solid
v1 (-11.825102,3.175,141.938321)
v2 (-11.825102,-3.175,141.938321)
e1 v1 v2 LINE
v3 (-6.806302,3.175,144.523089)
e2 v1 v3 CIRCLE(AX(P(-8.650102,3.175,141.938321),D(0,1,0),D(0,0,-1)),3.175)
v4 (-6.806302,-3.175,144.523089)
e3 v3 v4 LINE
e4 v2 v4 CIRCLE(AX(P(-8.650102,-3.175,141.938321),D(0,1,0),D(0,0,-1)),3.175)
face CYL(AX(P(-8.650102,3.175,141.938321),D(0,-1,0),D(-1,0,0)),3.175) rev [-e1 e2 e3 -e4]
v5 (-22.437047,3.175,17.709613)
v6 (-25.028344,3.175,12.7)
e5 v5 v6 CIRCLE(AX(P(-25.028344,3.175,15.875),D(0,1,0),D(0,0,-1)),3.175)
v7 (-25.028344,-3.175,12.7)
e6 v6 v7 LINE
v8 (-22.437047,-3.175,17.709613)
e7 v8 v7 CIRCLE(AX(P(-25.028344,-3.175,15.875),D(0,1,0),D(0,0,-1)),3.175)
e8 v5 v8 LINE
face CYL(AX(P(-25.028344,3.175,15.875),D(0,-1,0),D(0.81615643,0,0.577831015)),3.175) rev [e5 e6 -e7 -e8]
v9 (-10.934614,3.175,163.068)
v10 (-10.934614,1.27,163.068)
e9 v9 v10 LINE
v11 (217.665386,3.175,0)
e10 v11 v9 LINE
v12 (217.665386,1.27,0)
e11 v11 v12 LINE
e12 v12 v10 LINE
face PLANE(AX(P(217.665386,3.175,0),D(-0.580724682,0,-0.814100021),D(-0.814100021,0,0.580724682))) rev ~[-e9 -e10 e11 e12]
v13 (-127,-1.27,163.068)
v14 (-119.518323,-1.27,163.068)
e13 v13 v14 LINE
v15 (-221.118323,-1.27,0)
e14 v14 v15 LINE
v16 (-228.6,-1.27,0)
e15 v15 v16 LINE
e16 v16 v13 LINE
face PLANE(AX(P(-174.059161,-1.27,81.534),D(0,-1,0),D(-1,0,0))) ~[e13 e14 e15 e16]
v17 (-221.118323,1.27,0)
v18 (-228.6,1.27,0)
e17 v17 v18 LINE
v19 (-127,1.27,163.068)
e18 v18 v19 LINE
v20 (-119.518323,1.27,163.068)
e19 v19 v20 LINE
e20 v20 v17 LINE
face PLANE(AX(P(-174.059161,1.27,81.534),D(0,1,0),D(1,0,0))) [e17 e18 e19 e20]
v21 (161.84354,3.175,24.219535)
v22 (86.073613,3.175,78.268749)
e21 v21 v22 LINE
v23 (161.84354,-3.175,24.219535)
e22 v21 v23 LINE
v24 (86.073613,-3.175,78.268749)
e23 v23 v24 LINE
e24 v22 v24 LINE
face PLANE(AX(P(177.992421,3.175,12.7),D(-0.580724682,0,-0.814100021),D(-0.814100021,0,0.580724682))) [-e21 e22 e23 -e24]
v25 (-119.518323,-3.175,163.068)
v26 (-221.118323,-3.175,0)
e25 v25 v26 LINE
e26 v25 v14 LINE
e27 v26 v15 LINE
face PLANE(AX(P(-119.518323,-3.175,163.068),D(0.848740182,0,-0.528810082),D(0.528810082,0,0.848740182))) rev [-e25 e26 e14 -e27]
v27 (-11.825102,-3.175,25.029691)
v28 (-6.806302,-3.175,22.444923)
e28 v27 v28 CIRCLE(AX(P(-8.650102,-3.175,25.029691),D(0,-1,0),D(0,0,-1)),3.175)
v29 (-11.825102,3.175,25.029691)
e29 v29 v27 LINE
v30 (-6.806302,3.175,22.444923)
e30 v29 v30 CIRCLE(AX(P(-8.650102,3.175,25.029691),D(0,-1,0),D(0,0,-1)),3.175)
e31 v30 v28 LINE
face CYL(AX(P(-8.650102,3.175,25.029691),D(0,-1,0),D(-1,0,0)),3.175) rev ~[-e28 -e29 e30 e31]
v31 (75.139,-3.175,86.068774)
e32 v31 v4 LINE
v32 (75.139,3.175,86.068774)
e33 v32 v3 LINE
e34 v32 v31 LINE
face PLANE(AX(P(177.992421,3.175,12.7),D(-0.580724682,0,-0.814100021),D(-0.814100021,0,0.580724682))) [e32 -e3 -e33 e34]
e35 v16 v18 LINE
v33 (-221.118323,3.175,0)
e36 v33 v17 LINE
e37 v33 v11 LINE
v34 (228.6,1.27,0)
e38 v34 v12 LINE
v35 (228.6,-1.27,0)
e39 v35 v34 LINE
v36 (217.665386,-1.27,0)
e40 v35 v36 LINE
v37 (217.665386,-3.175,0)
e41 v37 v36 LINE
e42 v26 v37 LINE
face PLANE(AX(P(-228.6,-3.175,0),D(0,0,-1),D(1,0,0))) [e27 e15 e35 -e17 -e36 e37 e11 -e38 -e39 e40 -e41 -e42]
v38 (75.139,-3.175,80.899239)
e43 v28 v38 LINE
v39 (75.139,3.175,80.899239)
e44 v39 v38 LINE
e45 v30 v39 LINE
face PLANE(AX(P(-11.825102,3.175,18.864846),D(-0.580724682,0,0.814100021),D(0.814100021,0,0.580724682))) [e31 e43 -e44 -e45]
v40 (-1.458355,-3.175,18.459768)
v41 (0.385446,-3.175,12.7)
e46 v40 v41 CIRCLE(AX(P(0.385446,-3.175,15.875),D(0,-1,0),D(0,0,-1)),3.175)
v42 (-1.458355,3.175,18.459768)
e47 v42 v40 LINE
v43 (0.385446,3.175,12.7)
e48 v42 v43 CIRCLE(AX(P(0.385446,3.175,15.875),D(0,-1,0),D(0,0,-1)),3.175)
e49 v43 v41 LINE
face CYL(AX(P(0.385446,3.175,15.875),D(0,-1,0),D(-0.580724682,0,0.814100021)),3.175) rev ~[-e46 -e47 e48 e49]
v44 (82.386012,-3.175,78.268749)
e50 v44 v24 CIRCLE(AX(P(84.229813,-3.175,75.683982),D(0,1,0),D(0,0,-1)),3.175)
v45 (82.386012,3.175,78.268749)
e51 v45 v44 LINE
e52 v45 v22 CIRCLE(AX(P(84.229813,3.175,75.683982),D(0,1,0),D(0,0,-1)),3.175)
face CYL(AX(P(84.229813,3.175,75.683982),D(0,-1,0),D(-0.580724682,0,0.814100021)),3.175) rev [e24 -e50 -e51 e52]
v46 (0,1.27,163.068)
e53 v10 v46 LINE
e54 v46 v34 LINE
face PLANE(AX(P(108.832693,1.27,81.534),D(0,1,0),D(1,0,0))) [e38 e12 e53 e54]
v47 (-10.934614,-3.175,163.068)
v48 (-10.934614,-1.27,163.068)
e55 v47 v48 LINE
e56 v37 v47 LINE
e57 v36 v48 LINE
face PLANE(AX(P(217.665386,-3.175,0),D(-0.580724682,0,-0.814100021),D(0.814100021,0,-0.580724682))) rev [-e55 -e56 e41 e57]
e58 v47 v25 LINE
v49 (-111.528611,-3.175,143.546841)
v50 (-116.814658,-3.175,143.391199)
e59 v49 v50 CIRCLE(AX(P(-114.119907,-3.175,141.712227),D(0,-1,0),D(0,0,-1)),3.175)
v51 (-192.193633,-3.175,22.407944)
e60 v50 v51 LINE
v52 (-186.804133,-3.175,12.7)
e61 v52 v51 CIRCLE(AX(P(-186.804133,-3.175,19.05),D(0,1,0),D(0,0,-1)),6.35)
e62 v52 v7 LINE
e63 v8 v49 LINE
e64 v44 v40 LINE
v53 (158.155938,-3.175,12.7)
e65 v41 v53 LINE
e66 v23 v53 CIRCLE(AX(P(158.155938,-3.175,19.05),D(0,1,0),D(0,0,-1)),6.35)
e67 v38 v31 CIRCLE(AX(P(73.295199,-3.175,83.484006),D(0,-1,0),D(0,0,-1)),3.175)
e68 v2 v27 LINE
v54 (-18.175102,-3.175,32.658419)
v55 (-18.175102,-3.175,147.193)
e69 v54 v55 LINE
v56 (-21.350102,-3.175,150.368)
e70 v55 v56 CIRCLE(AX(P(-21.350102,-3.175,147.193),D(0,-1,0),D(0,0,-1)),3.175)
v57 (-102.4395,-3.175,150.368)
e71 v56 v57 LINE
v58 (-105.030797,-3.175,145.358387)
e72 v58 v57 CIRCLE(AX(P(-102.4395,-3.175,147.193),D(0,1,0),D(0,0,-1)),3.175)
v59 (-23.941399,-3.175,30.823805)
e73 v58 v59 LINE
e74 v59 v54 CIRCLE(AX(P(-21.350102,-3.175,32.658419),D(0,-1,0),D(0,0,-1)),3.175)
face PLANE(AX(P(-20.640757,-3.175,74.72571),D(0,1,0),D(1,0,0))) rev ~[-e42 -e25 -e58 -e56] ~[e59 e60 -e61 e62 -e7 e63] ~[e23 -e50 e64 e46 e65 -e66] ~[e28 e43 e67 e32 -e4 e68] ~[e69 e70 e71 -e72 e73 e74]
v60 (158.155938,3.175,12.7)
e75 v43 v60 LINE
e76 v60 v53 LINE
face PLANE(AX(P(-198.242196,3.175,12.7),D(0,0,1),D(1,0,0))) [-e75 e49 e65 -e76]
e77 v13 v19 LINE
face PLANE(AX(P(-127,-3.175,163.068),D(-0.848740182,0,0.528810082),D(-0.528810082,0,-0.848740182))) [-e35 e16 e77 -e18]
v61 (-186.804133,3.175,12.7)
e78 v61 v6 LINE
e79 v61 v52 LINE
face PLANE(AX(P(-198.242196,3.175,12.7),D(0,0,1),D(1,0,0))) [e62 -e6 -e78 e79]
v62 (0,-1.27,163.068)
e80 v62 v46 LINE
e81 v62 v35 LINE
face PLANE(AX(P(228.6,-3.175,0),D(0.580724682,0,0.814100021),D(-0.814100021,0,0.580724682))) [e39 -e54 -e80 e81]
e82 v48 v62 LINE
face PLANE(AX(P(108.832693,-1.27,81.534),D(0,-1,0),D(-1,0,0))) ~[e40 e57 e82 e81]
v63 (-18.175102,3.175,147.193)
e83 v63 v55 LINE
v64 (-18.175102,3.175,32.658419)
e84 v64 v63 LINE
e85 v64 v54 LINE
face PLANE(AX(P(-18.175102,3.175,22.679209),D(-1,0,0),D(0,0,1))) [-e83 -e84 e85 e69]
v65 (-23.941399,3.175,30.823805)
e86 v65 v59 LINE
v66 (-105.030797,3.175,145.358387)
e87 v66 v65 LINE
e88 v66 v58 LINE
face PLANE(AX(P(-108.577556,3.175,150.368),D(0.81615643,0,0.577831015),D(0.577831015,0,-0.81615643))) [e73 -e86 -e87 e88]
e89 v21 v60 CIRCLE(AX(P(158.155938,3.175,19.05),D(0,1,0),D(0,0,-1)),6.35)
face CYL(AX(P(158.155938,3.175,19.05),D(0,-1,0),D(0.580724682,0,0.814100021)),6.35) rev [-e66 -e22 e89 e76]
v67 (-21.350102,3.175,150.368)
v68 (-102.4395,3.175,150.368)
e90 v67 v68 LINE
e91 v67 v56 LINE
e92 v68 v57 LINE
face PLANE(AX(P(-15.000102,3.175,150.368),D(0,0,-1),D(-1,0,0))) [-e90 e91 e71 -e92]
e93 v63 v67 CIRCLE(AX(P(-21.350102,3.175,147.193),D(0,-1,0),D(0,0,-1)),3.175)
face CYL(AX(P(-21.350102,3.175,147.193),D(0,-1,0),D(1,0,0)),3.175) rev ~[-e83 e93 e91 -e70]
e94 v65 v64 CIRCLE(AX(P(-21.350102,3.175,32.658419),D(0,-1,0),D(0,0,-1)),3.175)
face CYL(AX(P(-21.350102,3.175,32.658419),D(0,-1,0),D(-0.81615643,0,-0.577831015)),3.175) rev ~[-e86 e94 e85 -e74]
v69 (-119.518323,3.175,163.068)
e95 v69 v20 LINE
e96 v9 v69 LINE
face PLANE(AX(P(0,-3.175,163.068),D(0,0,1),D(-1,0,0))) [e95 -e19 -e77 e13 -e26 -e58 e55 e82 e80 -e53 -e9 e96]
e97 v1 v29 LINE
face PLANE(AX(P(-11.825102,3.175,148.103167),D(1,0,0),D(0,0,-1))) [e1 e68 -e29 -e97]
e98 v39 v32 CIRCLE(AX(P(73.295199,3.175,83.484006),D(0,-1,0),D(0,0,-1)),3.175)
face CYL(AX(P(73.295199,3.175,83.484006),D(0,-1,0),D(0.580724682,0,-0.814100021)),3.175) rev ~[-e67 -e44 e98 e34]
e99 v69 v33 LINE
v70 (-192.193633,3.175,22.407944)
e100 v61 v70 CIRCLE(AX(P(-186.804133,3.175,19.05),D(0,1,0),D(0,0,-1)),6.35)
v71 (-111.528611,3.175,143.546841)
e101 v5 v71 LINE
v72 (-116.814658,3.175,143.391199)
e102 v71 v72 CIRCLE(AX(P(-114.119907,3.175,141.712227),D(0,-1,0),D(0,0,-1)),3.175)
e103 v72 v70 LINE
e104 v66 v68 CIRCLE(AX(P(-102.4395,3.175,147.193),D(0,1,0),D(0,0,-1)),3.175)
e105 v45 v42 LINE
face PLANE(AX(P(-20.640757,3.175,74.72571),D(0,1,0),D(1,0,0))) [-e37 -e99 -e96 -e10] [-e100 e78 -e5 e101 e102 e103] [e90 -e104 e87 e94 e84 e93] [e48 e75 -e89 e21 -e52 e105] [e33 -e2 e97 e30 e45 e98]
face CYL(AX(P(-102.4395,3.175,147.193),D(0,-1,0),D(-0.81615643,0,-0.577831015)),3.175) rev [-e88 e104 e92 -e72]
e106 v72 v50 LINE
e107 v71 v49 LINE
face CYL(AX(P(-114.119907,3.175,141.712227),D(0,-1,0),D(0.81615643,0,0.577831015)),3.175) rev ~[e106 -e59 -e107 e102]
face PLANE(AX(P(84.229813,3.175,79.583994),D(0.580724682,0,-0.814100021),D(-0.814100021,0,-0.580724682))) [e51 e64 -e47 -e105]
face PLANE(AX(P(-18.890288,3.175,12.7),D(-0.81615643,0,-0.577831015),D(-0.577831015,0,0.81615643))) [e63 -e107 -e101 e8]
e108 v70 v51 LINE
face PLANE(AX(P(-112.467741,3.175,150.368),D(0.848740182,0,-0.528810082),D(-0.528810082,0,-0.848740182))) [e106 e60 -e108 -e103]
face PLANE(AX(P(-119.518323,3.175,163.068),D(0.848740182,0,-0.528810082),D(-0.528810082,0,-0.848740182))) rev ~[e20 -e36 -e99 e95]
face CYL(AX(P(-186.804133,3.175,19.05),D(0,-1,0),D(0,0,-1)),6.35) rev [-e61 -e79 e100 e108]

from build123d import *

# Parameters (mm, degrees)
BOSS_EXTRUDE1_DEPTH      = 3.175
BOSS_EXTRUDE1_DEPTH_BACK = 3.175
CUT_EXTRUDE1_DEPTH       = 1.905
CUT_EXTRUDE2_DEPTH       = 6.35
BOSS_EXTRUDE2_DEPTH      = 6.35
FILLET1_R                = 3.175
FILLET2_R                = 6.35


with BuildPart() as part:
    # CS path → Boss-Extrude1 (new, two sides: drawn at the far end of the back side and taken through both)
    with BuildSketch(Plane(origin=(0, 0, 0), x_dir=(1, 0, 0), z_dir=(0, 1, 0)).offset(-BOSS_EXTRUDE1_DEPTH_BACK)):
        Polygon((-228.6, 0), (228.6, 0), (0, -163.068), (-127, -163.068), align=None)
    extrude(amount=BOSS_EXTRUDE1_DEPTH + BOSS_EXTRUDE1_DEPTH_BACK)

    # Sketch1 → Cut-Extrude1 (cut)
    with BuildSketch(Plane(origin=(0, 3.175, 0), x_dir=(1, 0, 0), z_dir=(0, 1, 0))):
        Polygon((-228.6, 0), (-127, -163.068), (-119.518322882, -163.068), (-221.118322882, 0), align=None)
        Polygon((0, -163.068), (228.6, 0), (217.665386403, 0), (-10.934613597, -163.068), align=None)
    cut_extrude1 = extrude(amount=-CUT_EXTRUDE1_DEPTH, mode=Mode.SUBTRACT)

    # Mirror1: Cut-Extrude1 across plane
    add(cut_extrude1.mirror(Plane.ZX), mode=Mode.SUBTRACT)

    # Sketch2 → Cut-Extrude2 (cut)
    with BuildSketch(Plane(origin=(0, 3.175, 0), x_dir=(1, 0, 0), z_dir=(0, 1, 0))):
        Polygon((-198.24219606, -12.7), (177.99242089, -12.7), (-15.000102474, -150.368), (-112.467741232, -150.368), align=None)
    extrude(amount=-CUT_EXTRUDE2_DEPTH, mode=Mode.SUBTRACT)

    # Sketch3 → Boss-Extrude2 (add)
    with BuildSketch(Plane(origin=(0, 3.175, 0), x_dir=(1, 0, 0), z_dir=(0, 1, 0))):
        Polygon((-18.890288084, -12.7), (-114.288712294, -147.445341445), (-112.467741232, -150.368), (-108.577555622, -150.368), (-18.175102474, -22.679209355), (-18.175102474, -150.368), (-15.000102474, -150.368), (-11.825102474, -148.103166667), (-11.825102474, -18.864845516), (78.762505809, -83.484006092), (84.229812607, -79.583993908), (-9.532795675, -12.7), align=None)
    extrude(amount=-BOSS_EXTRUDE2_DEPTH)

    # Fillet1
    fillet1_edges = [part.edges().sort_by_distance(p)[0] for p in [
        (-18.175102474, 0, 150.368),
        (-18.175102474, 0, 22.679209355),
        (-108.577555622, 0, 150.368),
        (-114.288712294, 0, 147.445341445),
        (-18.890288084, 0, 12.7),
        (-9.532795675, 0, 12.7),
        (84.229812607, 0, 79.583993908),
        (78.762505809, 0, 83.484006092),
        (-11.825102474, 0, 18.864845516),
        (-11.825102474, 0, 148.103166667),
    ]]
    fillet(fillet1_edges, radius=FILLET1_R)

    # Fillet2
    fillet2_edges = [part.edges().sort_by_distance(p)[0] for p in [
        (-198.24219606, 0, 12.7),
        (177.99242089, 0, 12.7),
    ]]
    fillet(fillet2_edges, radius=FILLET2_R)


solid = part.part
